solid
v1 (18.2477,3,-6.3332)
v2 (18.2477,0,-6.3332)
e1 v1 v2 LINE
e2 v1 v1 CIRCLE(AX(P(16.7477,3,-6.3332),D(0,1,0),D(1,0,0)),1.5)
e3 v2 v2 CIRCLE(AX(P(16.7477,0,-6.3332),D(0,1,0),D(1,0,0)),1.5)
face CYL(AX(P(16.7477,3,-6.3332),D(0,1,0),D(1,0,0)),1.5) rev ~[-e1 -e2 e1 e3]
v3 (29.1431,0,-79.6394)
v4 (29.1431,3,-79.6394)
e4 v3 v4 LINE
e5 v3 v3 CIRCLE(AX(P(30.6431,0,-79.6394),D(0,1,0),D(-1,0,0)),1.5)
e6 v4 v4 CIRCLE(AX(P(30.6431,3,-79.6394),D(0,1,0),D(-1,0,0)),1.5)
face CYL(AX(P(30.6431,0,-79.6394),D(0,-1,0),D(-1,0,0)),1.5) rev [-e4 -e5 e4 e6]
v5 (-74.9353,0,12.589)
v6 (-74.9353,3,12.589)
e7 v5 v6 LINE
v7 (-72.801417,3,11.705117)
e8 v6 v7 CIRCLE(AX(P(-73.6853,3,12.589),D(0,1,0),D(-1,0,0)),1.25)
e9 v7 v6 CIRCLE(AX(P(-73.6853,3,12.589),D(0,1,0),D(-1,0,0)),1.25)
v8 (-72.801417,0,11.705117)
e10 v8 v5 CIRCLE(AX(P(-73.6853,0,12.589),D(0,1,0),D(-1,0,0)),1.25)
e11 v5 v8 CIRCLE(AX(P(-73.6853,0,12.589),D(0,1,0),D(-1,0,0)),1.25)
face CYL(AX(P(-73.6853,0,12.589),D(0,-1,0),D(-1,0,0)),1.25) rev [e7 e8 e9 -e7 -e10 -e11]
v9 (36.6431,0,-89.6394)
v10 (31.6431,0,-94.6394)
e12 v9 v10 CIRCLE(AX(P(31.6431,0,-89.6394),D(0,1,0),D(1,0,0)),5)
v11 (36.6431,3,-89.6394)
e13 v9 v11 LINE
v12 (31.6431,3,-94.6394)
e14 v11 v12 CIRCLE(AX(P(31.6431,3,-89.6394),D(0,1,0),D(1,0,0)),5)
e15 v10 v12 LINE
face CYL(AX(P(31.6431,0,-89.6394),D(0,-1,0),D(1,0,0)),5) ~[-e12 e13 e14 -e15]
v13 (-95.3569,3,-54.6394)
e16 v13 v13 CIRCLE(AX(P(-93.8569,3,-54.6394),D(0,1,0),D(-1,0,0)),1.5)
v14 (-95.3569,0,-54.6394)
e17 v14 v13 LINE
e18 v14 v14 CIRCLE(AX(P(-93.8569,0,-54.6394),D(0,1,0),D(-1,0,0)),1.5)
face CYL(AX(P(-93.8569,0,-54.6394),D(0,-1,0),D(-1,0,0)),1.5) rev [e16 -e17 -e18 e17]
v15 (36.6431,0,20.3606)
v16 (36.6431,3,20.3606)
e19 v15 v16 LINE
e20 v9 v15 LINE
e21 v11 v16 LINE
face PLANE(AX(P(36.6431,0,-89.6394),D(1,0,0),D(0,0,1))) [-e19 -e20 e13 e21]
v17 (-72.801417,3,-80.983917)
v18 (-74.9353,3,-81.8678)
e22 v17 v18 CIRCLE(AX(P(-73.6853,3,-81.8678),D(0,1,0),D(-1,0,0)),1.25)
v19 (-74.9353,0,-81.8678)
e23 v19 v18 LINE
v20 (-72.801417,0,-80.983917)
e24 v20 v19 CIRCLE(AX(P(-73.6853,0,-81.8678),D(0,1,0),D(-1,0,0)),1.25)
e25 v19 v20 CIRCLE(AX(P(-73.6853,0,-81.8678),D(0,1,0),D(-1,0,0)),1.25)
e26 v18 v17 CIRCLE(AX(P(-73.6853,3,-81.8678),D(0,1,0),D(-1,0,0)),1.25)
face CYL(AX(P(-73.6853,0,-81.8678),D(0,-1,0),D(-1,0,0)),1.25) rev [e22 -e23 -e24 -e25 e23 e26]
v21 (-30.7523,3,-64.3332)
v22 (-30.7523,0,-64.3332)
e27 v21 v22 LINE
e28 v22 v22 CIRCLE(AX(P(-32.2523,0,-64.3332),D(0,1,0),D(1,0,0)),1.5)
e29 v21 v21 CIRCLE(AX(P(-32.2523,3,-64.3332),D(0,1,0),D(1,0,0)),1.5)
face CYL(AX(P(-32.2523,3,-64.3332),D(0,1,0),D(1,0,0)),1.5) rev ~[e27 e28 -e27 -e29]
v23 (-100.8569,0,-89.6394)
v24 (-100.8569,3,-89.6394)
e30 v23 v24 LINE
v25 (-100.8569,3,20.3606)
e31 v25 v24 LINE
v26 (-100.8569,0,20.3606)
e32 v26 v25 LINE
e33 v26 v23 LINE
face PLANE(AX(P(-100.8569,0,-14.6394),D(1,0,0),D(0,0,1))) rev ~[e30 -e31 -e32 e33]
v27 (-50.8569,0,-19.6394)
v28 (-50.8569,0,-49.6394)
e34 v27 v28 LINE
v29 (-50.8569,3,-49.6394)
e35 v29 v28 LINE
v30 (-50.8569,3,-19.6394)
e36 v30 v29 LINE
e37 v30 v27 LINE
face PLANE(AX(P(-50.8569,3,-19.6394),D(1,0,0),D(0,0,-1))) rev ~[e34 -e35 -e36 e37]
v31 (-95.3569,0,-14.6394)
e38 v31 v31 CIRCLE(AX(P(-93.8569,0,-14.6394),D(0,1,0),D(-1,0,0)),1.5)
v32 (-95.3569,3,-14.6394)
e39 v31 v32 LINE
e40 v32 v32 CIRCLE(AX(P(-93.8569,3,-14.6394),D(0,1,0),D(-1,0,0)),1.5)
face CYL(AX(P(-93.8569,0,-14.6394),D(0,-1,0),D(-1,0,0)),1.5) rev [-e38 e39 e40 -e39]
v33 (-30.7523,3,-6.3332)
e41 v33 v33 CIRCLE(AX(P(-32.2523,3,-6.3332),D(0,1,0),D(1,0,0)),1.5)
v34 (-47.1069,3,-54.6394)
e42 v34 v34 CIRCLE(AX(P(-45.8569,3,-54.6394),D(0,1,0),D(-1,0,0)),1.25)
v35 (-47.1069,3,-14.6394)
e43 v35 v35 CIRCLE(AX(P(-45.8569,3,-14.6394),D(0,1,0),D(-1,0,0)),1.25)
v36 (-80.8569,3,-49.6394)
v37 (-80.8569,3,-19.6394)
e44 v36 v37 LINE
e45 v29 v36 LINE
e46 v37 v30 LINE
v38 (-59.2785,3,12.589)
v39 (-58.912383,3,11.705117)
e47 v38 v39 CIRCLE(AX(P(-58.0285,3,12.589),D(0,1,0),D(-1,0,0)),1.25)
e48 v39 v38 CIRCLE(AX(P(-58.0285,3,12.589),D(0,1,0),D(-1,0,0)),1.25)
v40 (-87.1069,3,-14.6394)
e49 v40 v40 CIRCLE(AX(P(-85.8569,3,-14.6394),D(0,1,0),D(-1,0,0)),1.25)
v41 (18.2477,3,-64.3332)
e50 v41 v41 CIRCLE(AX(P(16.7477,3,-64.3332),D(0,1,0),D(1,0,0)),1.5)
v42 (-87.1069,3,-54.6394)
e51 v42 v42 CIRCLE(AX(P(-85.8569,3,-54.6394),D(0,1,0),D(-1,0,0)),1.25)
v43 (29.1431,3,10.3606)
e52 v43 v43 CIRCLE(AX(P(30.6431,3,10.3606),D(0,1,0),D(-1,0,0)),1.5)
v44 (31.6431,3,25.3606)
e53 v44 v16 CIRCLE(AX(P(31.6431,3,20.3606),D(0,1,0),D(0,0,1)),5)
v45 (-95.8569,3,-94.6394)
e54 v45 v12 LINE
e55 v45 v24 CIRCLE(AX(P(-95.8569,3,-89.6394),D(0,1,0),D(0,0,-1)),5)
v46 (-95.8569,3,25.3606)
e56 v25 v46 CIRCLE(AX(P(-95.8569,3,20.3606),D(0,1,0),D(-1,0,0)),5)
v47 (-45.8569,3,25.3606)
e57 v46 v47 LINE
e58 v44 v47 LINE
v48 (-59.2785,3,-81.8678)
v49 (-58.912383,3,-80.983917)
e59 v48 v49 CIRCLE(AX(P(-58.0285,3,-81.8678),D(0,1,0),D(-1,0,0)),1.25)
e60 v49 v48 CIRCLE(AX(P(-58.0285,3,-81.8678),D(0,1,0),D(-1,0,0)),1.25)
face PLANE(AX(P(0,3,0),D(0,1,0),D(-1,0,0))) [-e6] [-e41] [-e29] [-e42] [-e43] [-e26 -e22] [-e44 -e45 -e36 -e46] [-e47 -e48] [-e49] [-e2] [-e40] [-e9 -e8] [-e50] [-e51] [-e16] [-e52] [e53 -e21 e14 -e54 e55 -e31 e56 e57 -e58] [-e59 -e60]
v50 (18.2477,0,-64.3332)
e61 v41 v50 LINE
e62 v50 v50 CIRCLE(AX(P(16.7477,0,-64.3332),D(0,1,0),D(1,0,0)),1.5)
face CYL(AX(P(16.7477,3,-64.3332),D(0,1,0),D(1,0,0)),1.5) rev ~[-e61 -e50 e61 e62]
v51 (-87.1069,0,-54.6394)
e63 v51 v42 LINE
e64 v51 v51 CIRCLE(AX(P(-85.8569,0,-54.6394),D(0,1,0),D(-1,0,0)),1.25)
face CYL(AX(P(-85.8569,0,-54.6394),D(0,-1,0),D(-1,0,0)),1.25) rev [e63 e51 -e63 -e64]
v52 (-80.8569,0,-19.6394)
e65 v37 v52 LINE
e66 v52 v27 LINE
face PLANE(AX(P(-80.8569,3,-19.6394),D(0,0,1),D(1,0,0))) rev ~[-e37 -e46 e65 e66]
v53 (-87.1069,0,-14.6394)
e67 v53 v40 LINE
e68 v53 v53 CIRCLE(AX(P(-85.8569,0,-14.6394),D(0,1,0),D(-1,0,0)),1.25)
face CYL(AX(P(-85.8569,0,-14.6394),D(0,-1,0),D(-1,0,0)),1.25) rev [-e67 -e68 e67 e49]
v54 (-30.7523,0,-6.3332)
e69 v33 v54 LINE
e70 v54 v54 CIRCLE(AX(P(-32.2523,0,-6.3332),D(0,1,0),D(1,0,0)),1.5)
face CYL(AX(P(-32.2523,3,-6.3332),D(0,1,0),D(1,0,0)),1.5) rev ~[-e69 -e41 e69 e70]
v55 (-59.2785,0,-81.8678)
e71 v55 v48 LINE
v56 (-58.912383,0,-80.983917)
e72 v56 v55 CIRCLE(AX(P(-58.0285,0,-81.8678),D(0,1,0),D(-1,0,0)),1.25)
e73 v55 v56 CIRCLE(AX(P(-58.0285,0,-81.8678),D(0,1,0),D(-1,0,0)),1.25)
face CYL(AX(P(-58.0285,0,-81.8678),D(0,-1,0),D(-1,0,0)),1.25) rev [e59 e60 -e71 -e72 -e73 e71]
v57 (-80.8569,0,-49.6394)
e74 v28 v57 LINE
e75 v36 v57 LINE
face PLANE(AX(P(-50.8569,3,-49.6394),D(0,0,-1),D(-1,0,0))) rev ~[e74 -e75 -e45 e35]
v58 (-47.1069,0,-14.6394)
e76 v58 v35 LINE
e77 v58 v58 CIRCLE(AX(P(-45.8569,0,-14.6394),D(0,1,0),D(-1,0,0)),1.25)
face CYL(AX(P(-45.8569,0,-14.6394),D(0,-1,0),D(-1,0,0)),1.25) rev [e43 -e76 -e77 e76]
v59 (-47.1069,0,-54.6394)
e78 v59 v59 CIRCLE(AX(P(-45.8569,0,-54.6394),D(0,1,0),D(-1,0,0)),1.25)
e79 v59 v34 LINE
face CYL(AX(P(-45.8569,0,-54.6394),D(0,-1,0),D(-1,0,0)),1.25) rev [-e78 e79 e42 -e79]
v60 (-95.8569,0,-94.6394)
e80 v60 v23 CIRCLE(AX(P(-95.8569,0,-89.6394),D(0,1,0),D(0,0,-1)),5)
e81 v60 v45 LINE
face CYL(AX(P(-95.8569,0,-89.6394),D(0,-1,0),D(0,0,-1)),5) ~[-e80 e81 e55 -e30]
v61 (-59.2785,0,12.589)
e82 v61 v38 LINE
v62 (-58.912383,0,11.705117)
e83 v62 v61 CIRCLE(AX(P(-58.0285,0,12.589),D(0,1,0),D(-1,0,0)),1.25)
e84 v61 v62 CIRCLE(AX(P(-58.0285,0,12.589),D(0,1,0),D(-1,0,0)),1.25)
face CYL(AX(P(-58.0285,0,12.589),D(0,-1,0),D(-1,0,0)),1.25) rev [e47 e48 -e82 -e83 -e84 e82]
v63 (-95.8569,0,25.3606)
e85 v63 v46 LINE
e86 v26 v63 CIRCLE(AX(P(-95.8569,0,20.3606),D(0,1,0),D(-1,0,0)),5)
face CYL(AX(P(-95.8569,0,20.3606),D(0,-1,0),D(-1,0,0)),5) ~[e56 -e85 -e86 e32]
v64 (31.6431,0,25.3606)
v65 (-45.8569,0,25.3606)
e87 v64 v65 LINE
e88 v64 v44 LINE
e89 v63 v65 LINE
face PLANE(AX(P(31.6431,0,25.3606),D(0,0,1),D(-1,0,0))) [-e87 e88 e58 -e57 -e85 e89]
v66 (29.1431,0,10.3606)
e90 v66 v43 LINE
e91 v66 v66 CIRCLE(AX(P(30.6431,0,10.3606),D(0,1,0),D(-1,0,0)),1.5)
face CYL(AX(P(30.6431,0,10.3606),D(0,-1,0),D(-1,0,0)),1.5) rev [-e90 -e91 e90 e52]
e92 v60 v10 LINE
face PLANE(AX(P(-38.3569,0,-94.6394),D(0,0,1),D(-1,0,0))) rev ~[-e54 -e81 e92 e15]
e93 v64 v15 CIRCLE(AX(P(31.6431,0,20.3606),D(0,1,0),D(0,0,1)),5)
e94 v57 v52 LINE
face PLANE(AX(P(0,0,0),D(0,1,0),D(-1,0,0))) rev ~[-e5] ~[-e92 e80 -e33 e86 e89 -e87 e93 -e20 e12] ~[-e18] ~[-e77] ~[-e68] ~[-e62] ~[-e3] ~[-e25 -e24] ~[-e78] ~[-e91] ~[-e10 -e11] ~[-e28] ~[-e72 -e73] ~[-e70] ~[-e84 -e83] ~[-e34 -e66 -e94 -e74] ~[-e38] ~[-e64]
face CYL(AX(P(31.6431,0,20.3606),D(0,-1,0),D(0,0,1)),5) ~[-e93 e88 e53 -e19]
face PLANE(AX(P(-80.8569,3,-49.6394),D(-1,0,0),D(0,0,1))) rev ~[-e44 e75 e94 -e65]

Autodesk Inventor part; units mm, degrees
ref_plane "YZ Plane" through (0, 0, 0) normal (1, 0, 0) x (0, 1, 0)
ref_plane "XZ Plane" through (0, 0, 0) normal (0, 1, 0) x (-1, 0, 0)
ref_plane "XY Plane" through (0, 0, 0) normal (0, 0, 1) x (1, 0, 0)
sketch "Sketch1" plane through (0, 0, 0) normal (0, 1, 0) x (-1, 0, 0)
  line L0 (-31.6431, 25.3606) -> (38.3569, 25.3606)
  line L1 (100.8569, -14.6394) -> (100.8569, -54.6394)
  line L2 (-31.6431, -94.6394) -> (38.3569, -94.6394)
  arc A0 (-36.6431, -89.6394) -> (-31.6431, -94.6394) centre (-31.6431, -89.6394) ccw
  line L3 (-36.6431, -89.6394) -> (-36.6431, 20.3606)
  arc A1 (-31.6431, 25.3606) -> (-36.6431, 20.3606) centre (-31.6431, 20.3606) ccw
  circle A2 centre (-30.6431, 10.3606) radius 1.5
  circle A3 centre (45.8569, -54.6394) radius 1.25
  circle A4 centre (45.8569, -14.6394) radius 1.25
  circle A5 centre (85.8569, -14.6394) radius 1.25
  circle A6 centre (93.8569, -14.6394) radius 1.5
  circle A7 centre (93.8569, -54.6394) radius 1.5
  circle A8 centre (85.8569, -54.6394) radius 1.25
  circle A9 centre (-30.6431, -79.6394) radius 1.5
  line L4 (38.3569, -94.6394) -> (95.8569, -94.6394)
  line L5 (100.8569, -89.6394) -> (100.8569, 20.3606)
  line L6 (95.8569, 25.3606) -> (38.3569, 25.3606)
  arc A10 (95.8569, -94.6394) -> (100.8569, -89.6394) centre (95.8569, -89.6394) ccw
  arc A11 (100.8569, 20.3606) -> (95.8569, 25.3606) centre (95.8569, 20.3606) ccw
  line L7 (45.8569, -89.6394) -> (60.8569, -89.6394)
  line L8 (60.8569, -89.6394) -> (60.8569, -79.0394)
  line L9 (60.8569, -79.0394) -> (45.8569, -79.0394)
  line L10 (45.8569, -79.0394) -> (45.8569, -89.6394)
  line L11 (85.8569, -89.6394) -> (70.8569, -89.6394)
  line L12 (70.8569, -89.6394) -> (70.8569, -79.0394)
  line L13 (70.8569, -79.0394) -> (85.8569, -79.0394)
  line L14 (85.8569, -79.0394) -> (85.8569, -89.6394)
  line L15 (45.8569, 25.3606) -> (45.8569, 20.3606)
  line L16 (45.8569, 20.3606) -> (60.8569, 20.3606)
  line L17 (60.8569, 20.3606) -> (60.8569, 9.7606)
  line L18 (60.8569, 9.7606) -> (45.8569, 9.7606)
  line L19 (45.8569, 9.7606) -> (45.8569, 20.3606)
  line L20 (85.8569, 20.3606) -> (70.8569, 20.3606)
  line L21 (70.8569, 20.3606) -> (70.8569, 9.7606)
  line L22 (70.8569, 9.7606) -> (85.8569, 9.7606)
  line L23 (85.8569, 9.7606) -> (85.8569, 20.3606)
  line L24 (60.8569, -79.0394) -> (58.0285, -81.8678)
  line L25 (60.8569, -79.0394) -> (64.8569, -79.0394) construction
  line L26 (70.8569, -79.0394) -> (73.6853, -81.8678)
  line L27 (60.8569, 9.7606) -> (58.0285, 12.589)
  line L28 (60.8569, 9.7606) -> (64.8569, 9.7606) construction
  line L29 (70.8569, 9.7606) -> (73.6853, 12.589)
  line L30 (70.8569, 9.7606) -> (74.8569, 9.7606) construction
  circle A12 centre (58.0285, 12.589) radius 1.25
  circle A13 centre (73.6853, 12.589) radius 1.25
  circle A14 centre (73.6853, -81.8678) radius 1.25
  circle A15 centre (58.0285, -81.8678) radius 1.25
  point P0 (0, 0)
  point P1 (-36.6431, -94.6394)
  point P2 (-36.6431, -94.6394)
  point P3 (-36.6431, -94.6394)
  point P4 (100.8569, 25.3606)
  dimension "d8" = 5
  dimension "d9" = 15
  dimension "d10" = 10.6
  dimension "d11" = 15
  dimension "d12" = 10.6
  dimension "d13" = 5
  dimension "d14" = 5
  dimension "d15" = 15
  dimension "d16" = 10.6
  dimension "d17" = 15
  dimension "d18" = 10.6
  dimension "d19" = 4
  dimension "d20" = 135
  dimension "d21" = 4
  dimension "d22" = 4
  dimension "d23" = 135
  dimension "d24" = 4
  dimension "d25" = 45
  dimension "d26" = 2.5
  dimension "d27" = 2.5
  dimension "d28" = 2.5
  dimension "d29" = 2.5
ref_plane "Work Plane1" through (0, 3, 0) normal (0, 1, 0) x (1, 0, 0)
sketch "Sketch2" plane through (0, 3, 0) normal (0, 1, 0) x (1, 0, 0)
  circle A0 centre (16.7477, 6.3332) radius 1.25 projected
  circle A1 centre (-32.2523, 6.3332) radius 1.25 projected
  circle A2 centre (-32.2523, 64.3332) radius 1.25 projected
  circle A3 centre (16.7477, 64.3332) radius 1.25 projected
  circle A4 centre (16.7477, 64.3332) radius 1.5
  circle A5 centre (-32.2523, 64.3332) radius 1.5
  circle A6 centre (-32.2523, 6.3332) radius 1.5
  circle A7 centre (16.7477, 6.3332) radius 1.5
  point P0 (0, 0)
  dimension "d2" = 3
  dimension "d3" = 3
  dimension "d4" = 3
  dimension "d5" = 3
extrude "Extrusion3" add sketch "Sketch1" along normal blind 3 contours L16 L17 L18 L19 | L0 L6 A11 L5 L1 A10 L4 L2 A0 L3 A1 | L10 L9 L8 L7 | L11 L12 L13 L14 | L23 L22 L21 L20
extrude "Extrusion4" cut sketch "Sketch2" against normal blind 3 contours A0 | A1 | A2 | A3 | A4 | A5 | A6 | A7
sketch "Sketch3" plane through (0, 3, 0) normal (0, 1, 0) x (1, 0, 0)
  circle A0 centre (-85.8569, 14.6394) radius 1.25 construction
  circle A1 centre (-45.8569, 54.6394) radius 1.25 construction
  line L0 (-85.8569, 14.6394) -> (-45.8569, 54.6394) construction
  circle A2 centre (-85.8569, 54.6394) radius 1.25 construction
  line L1 (-85.8569, 54.6394) -> (-45.8569, 14.6394) construction
  line L2 (-80.8569, 19.6394) -> (-50.8569, 19.6394)
  line L3 (-50.8569, 19.6394) -> (-50.8569, 49.6394)
  line L4 (-50.8569, 49.6394) -> (-80.8569, 49.6394)
  line L5 (-80.8569, 49.6394) -> (-80.8569, 19.6394)
  line L6 (-80.8569, 19.6394) -> (-50.8569, 49.6394) construction
  line L7 (-50.8569, 19.6394) -> (-80.8569, 49.6394) construction
  point P0 (0, 0)
  point P1 (-65.8569, 34.6394)
  dimension "d34" = 30
  dimension "d35" = 30
extrude "Extrusion5" cut sketch "Sketch3" against normal blind 10
properties part number "Top base 2"
